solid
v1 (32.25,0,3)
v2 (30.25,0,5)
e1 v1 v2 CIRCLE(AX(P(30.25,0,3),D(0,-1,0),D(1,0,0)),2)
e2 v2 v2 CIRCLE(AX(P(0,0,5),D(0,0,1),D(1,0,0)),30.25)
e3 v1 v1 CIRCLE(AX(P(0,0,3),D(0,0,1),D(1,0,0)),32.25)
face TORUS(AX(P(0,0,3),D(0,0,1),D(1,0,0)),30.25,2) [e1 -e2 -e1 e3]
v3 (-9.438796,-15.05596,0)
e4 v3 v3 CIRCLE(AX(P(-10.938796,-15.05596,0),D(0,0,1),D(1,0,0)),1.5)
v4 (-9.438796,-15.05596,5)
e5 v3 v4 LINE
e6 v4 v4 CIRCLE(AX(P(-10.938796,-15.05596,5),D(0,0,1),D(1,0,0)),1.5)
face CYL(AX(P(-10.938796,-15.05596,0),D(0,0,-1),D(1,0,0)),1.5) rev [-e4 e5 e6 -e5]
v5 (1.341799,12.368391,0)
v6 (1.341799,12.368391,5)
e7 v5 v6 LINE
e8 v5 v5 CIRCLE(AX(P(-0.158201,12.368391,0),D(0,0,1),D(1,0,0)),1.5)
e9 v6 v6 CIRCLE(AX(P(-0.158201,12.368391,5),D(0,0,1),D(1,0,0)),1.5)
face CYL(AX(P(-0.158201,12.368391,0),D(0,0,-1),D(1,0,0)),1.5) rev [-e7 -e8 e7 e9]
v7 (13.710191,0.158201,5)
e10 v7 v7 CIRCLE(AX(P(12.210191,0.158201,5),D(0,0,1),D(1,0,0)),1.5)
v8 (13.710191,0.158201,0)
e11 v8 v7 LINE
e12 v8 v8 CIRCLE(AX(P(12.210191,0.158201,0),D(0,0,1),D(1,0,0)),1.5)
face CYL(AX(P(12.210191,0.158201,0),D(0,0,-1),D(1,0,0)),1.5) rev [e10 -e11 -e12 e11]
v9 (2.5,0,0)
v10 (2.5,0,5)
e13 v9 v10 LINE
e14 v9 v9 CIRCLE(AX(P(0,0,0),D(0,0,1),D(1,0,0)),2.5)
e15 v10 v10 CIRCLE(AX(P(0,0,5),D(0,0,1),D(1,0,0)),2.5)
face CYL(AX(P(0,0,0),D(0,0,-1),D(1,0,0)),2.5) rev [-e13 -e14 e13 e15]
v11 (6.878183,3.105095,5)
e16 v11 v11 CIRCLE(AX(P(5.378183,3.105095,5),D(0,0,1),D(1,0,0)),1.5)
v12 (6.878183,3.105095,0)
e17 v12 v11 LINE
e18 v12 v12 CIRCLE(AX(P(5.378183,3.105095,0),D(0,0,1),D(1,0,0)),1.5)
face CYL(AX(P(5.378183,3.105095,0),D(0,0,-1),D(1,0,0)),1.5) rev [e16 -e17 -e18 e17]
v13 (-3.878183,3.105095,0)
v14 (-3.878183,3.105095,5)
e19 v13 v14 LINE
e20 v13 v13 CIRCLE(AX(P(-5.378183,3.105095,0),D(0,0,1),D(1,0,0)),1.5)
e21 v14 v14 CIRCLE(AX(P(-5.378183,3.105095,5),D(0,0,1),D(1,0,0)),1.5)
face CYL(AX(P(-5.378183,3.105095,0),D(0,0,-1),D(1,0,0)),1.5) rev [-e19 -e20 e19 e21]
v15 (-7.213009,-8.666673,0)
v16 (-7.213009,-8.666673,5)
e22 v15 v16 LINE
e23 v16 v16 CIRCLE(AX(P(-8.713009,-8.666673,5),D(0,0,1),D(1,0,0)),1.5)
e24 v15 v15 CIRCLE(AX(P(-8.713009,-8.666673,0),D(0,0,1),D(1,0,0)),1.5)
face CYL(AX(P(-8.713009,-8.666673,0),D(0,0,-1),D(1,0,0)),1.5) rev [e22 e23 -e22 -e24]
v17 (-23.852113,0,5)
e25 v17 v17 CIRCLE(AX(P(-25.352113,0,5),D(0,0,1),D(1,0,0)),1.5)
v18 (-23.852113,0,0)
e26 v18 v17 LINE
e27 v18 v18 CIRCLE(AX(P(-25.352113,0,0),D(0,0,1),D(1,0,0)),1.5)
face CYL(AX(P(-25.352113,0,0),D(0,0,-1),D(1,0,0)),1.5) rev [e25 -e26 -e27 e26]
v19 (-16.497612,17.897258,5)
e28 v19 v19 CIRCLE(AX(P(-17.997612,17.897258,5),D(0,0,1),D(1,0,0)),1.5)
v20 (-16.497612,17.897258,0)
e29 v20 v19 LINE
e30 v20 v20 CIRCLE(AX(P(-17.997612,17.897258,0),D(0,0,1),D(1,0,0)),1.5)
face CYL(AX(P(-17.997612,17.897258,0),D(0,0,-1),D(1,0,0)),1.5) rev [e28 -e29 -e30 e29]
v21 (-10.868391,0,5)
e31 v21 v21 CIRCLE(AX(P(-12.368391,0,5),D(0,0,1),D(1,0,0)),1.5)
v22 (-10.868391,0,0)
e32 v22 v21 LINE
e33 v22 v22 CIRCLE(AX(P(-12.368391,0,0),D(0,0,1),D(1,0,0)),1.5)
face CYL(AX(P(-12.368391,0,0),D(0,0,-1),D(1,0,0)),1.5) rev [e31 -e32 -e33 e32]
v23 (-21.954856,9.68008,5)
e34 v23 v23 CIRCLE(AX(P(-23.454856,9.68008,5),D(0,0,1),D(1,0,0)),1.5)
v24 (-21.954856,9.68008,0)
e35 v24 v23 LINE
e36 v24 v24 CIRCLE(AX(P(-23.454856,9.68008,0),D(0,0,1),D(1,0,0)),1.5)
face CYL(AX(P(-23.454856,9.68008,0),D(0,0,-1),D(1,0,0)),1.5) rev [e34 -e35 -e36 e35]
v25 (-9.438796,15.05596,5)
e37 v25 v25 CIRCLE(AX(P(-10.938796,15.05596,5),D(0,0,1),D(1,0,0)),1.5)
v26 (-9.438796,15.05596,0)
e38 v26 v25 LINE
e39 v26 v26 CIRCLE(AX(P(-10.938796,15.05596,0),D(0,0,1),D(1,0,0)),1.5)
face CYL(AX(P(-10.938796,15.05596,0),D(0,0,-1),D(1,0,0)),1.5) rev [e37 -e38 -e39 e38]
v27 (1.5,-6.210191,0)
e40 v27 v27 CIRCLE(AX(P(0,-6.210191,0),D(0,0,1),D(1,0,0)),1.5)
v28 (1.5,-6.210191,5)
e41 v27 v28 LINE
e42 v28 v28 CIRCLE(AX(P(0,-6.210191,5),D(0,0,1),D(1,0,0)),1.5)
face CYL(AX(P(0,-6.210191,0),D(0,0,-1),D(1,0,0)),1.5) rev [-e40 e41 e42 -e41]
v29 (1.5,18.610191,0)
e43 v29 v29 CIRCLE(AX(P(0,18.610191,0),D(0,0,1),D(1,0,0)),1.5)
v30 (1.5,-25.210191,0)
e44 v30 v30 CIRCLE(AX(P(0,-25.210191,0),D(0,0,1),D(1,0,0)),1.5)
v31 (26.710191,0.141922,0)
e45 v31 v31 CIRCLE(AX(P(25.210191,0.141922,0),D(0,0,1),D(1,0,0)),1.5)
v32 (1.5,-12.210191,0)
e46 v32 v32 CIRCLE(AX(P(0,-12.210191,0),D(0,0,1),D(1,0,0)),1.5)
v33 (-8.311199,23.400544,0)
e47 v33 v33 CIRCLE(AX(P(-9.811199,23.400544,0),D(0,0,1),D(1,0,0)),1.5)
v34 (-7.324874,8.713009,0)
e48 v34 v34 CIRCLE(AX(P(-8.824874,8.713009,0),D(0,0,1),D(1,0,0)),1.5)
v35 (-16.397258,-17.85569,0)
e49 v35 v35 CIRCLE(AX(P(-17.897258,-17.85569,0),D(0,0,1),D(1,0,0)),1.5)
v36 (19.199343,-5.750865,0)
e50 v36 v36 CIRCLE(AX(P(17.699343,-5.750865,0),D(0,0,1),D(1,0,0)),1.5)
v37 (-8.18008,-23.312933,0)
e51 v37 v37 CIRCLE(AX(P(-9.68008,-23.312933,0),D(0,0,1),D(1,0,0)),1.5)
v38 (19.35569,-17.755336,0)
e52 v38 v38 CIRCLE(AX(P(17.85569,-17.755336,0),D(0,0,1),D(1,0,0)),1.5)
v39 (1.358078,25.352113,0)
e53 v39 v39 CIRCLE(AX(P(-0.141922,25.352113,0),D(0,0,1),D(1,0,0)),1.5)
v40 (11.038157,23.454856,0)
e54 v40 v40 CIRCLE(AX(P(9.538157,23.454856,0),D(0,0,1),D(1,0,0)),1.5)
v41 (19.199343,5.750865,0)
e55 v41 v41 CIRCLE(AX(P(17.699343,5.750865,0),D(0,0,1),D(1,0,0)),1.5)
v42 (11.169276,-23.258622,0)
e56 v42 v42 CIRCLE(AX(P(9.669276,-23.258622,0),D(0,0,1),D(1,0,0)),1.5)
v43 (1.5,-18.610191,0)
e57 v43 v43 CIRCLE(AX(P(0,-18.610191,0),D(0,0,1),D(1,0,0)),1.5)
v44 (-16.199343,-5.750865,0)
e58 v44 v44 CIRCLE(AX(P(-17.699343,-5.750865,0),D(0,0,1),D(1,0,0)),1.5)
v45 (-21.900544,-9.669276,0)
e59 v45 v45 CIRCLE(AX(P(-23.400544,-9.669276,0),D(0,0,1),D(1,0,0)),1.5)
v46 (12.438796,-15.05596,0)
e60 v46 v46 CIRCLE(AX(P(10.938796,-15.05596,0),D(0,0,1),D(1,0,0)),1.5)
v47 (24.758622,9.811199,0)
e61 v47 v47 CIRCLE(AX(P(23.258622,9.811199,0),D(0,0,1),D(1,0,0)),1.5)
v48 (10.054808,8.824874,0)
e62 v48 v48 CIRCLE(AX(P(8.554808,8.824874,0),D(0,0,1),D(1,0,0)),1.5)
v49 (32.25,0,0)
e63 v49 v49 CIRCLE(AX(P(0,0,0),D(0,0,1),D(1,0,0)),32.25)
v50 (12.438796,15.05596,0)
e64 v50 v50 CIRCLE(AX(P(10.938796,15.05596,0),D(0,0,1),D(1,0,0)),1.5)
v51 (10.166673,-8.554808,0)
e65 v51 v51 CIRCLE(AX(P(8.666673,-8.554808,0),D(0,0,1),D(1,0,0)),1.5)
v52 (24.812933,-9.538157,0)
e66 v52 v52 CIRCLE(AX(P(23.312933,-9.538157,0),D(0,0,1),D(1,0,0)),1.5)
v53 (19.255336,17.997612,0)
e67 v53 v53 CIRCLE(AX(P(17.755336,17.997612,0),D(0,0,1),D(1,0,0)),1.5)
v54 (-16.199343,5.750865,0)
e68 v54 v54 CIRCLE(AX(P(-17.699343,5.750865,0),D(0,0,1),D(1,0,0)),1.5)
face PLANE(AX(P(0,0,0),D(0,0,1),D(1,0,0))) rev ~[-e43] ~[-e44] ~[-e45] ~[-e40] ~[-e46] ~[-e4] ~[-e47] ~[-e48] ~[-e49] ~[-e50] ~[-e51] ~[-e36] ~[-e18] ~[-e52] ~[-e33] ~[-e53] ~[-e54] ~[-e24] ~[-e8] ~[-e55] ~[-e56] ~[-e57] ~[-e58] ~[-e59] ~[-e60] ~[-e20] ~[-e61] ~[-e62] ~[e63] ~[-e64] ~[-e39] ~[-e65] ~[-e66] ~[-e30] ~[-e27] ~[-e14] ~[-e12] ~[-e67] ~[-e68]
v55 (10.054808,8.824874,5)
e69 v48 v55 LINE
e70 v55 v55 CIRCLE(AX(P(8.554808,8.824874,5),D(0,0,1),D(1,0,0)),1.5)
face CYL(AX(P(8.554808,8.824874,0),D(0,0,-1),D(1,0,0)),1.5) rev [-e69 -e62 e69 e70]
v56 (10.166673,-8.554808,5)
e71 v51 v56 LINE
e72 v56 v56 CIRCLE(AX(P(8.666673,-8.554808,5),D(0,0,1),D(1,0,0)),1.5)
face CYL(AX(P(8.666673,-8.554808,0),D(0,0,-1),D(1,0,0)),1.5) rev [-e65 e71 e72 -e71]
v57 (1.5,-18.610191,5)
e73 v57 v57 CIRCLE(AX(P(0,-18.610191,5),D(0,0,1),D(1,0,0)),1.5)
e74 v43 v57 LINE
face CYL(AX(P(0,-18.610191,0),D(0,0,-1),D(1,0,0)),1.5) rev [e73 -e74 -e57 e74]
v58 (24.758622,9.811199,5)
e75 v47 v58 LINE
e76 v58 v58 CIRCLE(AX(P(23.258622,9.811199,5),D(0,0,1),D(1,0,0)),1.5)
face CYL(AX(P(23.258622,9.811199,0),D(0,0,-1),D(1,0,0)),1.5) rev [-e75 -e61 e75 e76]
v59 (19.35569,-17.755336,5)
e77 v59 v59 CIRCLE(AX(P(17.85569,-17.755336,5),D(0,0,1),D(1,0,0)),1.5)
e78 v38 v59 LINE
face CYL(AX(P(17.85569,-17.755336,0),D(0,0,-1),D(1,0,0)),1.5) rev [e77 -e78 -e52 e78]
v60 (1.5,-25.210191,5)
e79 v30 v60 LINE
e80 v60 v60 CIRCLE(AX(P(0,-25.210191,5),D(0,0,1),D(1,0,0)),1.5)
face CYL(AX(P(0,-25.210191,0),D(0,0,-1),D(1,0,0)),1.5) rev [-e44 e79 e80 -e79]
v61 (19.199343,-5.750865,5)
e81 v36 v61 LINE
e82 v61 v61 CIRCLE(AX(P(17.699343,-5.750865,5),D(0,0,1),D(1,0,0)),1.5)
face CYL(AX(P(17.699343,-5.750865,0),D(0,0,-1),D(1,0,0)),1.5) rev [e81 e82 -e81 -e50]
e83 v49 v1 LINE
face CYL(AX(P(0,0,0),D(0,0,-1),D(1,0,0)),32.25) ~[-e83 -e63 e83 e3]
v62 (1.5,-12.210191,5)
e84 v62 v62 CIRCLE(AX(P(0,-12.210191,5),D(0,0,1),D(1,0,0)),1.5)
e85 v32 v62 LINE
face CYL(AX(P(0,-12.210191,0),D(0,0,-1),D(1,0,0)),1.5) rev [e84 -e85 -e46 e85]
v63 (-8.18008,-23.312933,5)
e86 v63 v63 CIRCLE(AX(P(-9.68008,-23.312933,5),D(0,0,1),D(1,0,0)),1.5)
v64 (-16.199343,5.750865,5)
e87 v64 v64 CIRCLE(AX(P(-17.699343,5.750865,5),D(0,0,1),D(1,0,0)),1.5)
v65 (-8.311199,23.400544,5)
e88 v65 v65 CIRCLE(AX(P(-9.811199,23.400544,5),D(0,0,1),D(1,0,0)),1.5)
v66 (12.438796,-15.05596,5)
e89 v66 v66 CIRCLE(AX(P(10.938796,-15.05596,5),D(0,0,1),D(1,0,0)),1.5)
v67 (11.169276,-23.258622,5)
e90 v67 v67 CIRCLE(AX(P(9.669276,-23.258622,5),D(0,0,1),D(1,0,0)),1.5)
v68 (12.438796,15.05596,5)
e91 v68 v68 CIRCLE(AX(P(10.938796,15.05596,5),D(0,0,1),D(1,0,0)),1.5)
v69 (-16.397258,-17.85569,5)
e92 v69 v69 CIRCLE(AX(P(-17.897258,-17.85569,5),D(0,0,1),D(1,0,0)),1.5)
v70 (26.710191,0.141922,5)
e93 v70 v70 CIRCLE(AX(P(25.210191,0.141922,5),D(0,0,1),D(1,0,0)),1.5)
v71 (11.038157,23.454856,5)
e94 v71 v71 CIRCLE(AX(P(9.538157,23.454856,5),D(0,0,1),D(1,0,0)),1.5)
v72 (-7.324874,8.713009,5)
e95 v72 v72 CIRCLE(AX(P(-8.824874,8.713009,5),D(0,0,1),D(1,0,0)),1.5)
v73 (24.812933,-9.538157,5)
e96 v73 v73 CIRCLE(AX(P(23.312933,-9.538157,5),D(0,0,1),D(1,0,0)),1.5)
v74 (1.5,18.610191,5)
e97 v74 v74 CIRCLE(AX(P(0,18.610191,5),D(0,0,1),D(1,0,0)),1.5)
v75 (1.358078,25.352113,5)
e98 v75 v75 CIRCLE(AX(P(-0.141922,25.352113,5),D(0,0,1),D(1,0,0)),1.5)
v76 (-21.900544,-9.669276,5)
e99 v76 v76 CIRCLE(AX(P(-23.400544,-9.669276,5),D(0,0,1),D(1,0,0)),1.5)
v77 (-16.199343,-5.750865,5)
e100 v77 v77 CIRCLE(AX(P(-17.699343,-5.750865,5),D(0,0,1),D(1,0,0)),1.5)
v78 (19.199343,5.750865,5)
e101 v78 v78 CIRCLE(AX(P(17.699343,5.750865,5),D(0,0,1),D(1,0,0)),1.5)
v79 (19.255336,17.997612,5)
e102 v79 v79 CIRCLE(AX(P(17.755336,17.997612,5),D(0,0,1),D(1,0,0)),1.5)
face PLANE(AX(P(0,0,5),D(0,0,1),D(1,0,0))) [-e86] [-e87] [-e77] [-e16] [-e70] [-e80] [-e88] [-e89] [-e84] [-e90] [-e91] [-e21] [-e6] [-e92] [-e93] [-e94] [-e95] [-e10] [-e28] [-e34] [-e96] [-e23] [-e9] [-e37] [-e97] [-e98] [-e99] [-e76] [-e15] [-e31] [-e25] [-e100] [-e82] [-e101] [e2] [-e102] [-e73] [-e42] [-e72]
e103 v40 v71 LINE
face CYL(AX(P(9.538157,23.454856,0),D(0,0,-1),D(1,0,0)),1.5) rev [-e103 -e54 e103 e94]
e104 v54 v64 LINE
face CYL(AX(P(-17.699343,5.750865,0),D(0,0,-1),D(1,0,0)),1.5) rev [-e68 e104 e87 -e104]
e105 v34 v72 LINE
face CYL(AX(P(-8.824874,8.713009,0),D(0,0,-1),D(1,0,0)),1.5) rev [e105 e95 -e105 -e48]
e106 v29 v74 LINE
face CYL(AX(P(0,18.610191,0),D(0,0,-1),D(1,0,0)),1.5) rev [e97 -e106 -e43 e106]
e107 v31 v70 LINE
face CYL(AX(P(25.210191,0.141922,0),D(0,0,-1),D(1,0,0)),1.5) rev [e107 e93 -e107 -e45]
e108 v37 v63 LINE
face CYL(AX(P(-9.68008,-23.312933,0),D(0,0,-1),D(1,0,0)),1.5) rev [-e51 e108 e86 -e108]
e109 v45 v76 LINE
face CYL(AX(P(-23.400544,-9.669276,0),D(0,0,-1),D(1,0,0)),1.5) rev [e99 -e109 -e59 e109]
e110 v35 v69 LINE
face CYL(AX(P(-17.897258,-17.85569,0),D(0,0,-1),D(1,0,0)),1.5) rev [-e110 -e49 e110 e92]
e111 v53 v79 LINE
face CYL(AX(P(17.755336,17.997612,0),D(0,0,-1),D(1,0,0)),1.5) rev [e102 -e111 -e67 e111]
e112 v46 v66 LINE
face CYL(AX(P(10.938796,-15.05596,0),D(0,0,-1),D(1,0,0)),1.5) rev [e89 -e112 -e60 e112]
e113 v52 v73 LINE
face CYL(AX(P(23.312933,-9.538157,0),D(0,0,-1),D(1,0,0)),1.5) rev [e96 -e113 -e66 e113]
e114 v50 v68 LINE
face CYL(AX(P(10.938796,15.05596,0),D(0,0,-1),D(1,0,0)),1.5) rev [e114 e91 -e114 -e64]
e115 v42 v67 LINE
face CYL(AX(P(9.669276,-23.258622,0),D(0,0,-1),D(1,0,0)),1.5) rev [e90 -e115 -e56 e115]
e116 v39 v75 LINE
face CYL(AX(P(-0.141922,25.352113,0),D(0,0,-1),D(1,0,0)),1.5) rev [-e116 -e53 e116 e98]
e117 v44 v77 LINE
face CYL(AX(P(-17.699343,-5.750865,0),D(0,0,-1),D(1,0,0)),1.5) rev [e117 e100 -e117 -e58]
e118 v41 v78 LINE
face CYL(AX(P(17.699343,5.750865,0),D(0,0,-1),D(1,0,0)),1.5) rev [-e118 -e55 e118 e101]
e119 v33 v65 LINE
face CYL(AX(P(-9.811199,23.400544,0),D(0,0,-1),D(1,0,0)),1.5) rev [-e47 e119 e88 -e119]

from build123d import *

# Parameters (mm, degrees)
F0_R     = 32.25
F0_R_2   = 1.5
F0_R_3   = 2.5
F1_DEPTH = 5
F2_R     = 2


with BuildPart() as f1:
    # F0 (on Top) → F1 (new body)
    with BuildSketch(Plane.XY):
        Circle(F0_R)
        with Locations((-17.897258, -17.85569)):
            Circle(F0_R_2, mode=Mode.SUBTRACT)
        with Locations((-9.68008, -23.312933)):
            Circle(F0_R_2, mode=Mode.SUBTRACT)
        with Locations((-23.400544, -9.669276)):
            Circle(F0_R_2, mode=Mode.SUBTRACT)
        with Locations((-17.699343, -5.750865)):
            Circle(F0_R_2, mode=Mode.SUBTRACT)
        with Locations((-10.938796, -15.05596)):
            Circle(F0_R_2, mode=Mode.SUBTRACT)
        with Locations((-8.713009, -8.666673)):
            Circle(F0_R_2, mode=Mode.SUBTRACT)
        with Locations((0, -25.210191)):
            Circle(F0_R_2, mode=Mode.SUBTRACT)
        with Locations((0, -18.610191)):
            Circle(F0_R_2, mode=Mode.SUBTRACT)
        with Locations((9.669276, -23.258622)):
            Circle(F0_R_2, mode=Mode.SUBTRACT)
        with Locations((17.85569, -17.755336)):
            Circle(F0_R_2, mode=Mode.SUBTRACT)
        with Locations((0, -12.210191)):
            Circle(F0_R_2, mode=Mode.SUBTRACT)
        with Locations((10.938796, -15.05596)):
            Circle(F0_R_2, mode=Mode.SUBTRACT)
        with Locations((8.666673, -8.554808)):
            Circle(F0_R_2, mode=Mode.SUBTRACT)
        with Locations((0, -6.210191)):
            Circle(F0_R_2, mode=Mode.SUBTRACT)
        with Locations((23.312933, -9.538157)):
            Circle(F0_R_2, mode=Mode.SUBTRACT)
        with Locations((17.699343, -5.750865)):
            Circle(F0_R_2, mode=Mode.SUBTRACT)
        with Locations((-25.352113, 0)):
            Circle(F0_R_2, mode=Mode.SUBTRACT)
        with Locations((-17.699343, 5.750865)):
            Circle(F0_R_2, mode=Mode.SUBTRACT)
        with Locations((-23.454856, 9.68008)):
            Circle(F0_R_2, mode=Mode.SUBTRACT)
        with Locations((-12.368391, 0)):
            Circle(F0_R_2, mode=Mode.SUBTRACT)
        with Locations((-5.378183, 3.105095)):
            Circle(F0_R_2, mode=Mode.SUBTRACT)
        with Locations((-8.824874, 8.713009)):
            Circle(F0_R_2, mode=Mode.SUBTRACT)
        with Locations((-10.938796, 15.05596)):
            Circle(F0_R_2, mode=Mode.SUBTRACT)
        with Locations((-0.158201, 12.368391)):
            Circle(F0_R_2, mode=Mode.SUBTRACT)
        with Locations((-17.997612, 17.897258)):
            Circle(F0_R_2, mode=Mode.SUBTRACT)
        with Locations((-9.811199, 23.400544)):
            Circle(F0_R_2, mode=Mode.SUBTRACT)
        with Locations((-0.141922, 25.352113)):
            Circle(F0_R_2, mode=Mode.SUBTRACT)
        Circle(F0_R_3, mode=Mode.SUBTRACT)
        with Locations((5.378183, 3.105095)):
            Circle(F0_R_2, mode=Mode.SUBTRACT)
        with Locations((12.210191, 0.158201)):
            Circle(F0_R_2, mode=Mode.SUBTRACT)
        with Locations((8.554808, 8.824874)):
            Circle(F0_R_2, mode=Mode.SUBTRACT)
        with Locations((10.938796, 15.05596)):
            Circle(F0_R_2, mode=Mode.SUBTRACT)
        with Locations((17.699343, 5.750865)):
            Circle(F0_R_2, mode=Mode.SUBTRACT)
        with Locations((25.210191, 0.141922)):
            Circle(F0_R_2, mode=Mode.SUBTRACT)
        with Locations((23.258622, 9.811199)):
            Circle(F0_R_2, mode=Mode.SUBTRACT)
        with Locations((0, 18.610191)):
            Circle(F0_R_2, mode=Mode.SUBTRACT)
        with Locations((9.538157, 23.454856)):
            Circle(F0_R_2, mode=Mode.SUBTRACT)
        with Locations((17.755336, 17.997612)):
            Circle(F0_R_2, mode=Mode.SUBTRACT)
    extrude(amount=F1_DEPTH)

    # F2
    f2_edges = [f1.edges().sort_by_distance(p)[0] for p in [
        (-32.25, 0, 5),
    ]]
    fillet(f2_edges, radius=F2_R)


solid = f1.part
